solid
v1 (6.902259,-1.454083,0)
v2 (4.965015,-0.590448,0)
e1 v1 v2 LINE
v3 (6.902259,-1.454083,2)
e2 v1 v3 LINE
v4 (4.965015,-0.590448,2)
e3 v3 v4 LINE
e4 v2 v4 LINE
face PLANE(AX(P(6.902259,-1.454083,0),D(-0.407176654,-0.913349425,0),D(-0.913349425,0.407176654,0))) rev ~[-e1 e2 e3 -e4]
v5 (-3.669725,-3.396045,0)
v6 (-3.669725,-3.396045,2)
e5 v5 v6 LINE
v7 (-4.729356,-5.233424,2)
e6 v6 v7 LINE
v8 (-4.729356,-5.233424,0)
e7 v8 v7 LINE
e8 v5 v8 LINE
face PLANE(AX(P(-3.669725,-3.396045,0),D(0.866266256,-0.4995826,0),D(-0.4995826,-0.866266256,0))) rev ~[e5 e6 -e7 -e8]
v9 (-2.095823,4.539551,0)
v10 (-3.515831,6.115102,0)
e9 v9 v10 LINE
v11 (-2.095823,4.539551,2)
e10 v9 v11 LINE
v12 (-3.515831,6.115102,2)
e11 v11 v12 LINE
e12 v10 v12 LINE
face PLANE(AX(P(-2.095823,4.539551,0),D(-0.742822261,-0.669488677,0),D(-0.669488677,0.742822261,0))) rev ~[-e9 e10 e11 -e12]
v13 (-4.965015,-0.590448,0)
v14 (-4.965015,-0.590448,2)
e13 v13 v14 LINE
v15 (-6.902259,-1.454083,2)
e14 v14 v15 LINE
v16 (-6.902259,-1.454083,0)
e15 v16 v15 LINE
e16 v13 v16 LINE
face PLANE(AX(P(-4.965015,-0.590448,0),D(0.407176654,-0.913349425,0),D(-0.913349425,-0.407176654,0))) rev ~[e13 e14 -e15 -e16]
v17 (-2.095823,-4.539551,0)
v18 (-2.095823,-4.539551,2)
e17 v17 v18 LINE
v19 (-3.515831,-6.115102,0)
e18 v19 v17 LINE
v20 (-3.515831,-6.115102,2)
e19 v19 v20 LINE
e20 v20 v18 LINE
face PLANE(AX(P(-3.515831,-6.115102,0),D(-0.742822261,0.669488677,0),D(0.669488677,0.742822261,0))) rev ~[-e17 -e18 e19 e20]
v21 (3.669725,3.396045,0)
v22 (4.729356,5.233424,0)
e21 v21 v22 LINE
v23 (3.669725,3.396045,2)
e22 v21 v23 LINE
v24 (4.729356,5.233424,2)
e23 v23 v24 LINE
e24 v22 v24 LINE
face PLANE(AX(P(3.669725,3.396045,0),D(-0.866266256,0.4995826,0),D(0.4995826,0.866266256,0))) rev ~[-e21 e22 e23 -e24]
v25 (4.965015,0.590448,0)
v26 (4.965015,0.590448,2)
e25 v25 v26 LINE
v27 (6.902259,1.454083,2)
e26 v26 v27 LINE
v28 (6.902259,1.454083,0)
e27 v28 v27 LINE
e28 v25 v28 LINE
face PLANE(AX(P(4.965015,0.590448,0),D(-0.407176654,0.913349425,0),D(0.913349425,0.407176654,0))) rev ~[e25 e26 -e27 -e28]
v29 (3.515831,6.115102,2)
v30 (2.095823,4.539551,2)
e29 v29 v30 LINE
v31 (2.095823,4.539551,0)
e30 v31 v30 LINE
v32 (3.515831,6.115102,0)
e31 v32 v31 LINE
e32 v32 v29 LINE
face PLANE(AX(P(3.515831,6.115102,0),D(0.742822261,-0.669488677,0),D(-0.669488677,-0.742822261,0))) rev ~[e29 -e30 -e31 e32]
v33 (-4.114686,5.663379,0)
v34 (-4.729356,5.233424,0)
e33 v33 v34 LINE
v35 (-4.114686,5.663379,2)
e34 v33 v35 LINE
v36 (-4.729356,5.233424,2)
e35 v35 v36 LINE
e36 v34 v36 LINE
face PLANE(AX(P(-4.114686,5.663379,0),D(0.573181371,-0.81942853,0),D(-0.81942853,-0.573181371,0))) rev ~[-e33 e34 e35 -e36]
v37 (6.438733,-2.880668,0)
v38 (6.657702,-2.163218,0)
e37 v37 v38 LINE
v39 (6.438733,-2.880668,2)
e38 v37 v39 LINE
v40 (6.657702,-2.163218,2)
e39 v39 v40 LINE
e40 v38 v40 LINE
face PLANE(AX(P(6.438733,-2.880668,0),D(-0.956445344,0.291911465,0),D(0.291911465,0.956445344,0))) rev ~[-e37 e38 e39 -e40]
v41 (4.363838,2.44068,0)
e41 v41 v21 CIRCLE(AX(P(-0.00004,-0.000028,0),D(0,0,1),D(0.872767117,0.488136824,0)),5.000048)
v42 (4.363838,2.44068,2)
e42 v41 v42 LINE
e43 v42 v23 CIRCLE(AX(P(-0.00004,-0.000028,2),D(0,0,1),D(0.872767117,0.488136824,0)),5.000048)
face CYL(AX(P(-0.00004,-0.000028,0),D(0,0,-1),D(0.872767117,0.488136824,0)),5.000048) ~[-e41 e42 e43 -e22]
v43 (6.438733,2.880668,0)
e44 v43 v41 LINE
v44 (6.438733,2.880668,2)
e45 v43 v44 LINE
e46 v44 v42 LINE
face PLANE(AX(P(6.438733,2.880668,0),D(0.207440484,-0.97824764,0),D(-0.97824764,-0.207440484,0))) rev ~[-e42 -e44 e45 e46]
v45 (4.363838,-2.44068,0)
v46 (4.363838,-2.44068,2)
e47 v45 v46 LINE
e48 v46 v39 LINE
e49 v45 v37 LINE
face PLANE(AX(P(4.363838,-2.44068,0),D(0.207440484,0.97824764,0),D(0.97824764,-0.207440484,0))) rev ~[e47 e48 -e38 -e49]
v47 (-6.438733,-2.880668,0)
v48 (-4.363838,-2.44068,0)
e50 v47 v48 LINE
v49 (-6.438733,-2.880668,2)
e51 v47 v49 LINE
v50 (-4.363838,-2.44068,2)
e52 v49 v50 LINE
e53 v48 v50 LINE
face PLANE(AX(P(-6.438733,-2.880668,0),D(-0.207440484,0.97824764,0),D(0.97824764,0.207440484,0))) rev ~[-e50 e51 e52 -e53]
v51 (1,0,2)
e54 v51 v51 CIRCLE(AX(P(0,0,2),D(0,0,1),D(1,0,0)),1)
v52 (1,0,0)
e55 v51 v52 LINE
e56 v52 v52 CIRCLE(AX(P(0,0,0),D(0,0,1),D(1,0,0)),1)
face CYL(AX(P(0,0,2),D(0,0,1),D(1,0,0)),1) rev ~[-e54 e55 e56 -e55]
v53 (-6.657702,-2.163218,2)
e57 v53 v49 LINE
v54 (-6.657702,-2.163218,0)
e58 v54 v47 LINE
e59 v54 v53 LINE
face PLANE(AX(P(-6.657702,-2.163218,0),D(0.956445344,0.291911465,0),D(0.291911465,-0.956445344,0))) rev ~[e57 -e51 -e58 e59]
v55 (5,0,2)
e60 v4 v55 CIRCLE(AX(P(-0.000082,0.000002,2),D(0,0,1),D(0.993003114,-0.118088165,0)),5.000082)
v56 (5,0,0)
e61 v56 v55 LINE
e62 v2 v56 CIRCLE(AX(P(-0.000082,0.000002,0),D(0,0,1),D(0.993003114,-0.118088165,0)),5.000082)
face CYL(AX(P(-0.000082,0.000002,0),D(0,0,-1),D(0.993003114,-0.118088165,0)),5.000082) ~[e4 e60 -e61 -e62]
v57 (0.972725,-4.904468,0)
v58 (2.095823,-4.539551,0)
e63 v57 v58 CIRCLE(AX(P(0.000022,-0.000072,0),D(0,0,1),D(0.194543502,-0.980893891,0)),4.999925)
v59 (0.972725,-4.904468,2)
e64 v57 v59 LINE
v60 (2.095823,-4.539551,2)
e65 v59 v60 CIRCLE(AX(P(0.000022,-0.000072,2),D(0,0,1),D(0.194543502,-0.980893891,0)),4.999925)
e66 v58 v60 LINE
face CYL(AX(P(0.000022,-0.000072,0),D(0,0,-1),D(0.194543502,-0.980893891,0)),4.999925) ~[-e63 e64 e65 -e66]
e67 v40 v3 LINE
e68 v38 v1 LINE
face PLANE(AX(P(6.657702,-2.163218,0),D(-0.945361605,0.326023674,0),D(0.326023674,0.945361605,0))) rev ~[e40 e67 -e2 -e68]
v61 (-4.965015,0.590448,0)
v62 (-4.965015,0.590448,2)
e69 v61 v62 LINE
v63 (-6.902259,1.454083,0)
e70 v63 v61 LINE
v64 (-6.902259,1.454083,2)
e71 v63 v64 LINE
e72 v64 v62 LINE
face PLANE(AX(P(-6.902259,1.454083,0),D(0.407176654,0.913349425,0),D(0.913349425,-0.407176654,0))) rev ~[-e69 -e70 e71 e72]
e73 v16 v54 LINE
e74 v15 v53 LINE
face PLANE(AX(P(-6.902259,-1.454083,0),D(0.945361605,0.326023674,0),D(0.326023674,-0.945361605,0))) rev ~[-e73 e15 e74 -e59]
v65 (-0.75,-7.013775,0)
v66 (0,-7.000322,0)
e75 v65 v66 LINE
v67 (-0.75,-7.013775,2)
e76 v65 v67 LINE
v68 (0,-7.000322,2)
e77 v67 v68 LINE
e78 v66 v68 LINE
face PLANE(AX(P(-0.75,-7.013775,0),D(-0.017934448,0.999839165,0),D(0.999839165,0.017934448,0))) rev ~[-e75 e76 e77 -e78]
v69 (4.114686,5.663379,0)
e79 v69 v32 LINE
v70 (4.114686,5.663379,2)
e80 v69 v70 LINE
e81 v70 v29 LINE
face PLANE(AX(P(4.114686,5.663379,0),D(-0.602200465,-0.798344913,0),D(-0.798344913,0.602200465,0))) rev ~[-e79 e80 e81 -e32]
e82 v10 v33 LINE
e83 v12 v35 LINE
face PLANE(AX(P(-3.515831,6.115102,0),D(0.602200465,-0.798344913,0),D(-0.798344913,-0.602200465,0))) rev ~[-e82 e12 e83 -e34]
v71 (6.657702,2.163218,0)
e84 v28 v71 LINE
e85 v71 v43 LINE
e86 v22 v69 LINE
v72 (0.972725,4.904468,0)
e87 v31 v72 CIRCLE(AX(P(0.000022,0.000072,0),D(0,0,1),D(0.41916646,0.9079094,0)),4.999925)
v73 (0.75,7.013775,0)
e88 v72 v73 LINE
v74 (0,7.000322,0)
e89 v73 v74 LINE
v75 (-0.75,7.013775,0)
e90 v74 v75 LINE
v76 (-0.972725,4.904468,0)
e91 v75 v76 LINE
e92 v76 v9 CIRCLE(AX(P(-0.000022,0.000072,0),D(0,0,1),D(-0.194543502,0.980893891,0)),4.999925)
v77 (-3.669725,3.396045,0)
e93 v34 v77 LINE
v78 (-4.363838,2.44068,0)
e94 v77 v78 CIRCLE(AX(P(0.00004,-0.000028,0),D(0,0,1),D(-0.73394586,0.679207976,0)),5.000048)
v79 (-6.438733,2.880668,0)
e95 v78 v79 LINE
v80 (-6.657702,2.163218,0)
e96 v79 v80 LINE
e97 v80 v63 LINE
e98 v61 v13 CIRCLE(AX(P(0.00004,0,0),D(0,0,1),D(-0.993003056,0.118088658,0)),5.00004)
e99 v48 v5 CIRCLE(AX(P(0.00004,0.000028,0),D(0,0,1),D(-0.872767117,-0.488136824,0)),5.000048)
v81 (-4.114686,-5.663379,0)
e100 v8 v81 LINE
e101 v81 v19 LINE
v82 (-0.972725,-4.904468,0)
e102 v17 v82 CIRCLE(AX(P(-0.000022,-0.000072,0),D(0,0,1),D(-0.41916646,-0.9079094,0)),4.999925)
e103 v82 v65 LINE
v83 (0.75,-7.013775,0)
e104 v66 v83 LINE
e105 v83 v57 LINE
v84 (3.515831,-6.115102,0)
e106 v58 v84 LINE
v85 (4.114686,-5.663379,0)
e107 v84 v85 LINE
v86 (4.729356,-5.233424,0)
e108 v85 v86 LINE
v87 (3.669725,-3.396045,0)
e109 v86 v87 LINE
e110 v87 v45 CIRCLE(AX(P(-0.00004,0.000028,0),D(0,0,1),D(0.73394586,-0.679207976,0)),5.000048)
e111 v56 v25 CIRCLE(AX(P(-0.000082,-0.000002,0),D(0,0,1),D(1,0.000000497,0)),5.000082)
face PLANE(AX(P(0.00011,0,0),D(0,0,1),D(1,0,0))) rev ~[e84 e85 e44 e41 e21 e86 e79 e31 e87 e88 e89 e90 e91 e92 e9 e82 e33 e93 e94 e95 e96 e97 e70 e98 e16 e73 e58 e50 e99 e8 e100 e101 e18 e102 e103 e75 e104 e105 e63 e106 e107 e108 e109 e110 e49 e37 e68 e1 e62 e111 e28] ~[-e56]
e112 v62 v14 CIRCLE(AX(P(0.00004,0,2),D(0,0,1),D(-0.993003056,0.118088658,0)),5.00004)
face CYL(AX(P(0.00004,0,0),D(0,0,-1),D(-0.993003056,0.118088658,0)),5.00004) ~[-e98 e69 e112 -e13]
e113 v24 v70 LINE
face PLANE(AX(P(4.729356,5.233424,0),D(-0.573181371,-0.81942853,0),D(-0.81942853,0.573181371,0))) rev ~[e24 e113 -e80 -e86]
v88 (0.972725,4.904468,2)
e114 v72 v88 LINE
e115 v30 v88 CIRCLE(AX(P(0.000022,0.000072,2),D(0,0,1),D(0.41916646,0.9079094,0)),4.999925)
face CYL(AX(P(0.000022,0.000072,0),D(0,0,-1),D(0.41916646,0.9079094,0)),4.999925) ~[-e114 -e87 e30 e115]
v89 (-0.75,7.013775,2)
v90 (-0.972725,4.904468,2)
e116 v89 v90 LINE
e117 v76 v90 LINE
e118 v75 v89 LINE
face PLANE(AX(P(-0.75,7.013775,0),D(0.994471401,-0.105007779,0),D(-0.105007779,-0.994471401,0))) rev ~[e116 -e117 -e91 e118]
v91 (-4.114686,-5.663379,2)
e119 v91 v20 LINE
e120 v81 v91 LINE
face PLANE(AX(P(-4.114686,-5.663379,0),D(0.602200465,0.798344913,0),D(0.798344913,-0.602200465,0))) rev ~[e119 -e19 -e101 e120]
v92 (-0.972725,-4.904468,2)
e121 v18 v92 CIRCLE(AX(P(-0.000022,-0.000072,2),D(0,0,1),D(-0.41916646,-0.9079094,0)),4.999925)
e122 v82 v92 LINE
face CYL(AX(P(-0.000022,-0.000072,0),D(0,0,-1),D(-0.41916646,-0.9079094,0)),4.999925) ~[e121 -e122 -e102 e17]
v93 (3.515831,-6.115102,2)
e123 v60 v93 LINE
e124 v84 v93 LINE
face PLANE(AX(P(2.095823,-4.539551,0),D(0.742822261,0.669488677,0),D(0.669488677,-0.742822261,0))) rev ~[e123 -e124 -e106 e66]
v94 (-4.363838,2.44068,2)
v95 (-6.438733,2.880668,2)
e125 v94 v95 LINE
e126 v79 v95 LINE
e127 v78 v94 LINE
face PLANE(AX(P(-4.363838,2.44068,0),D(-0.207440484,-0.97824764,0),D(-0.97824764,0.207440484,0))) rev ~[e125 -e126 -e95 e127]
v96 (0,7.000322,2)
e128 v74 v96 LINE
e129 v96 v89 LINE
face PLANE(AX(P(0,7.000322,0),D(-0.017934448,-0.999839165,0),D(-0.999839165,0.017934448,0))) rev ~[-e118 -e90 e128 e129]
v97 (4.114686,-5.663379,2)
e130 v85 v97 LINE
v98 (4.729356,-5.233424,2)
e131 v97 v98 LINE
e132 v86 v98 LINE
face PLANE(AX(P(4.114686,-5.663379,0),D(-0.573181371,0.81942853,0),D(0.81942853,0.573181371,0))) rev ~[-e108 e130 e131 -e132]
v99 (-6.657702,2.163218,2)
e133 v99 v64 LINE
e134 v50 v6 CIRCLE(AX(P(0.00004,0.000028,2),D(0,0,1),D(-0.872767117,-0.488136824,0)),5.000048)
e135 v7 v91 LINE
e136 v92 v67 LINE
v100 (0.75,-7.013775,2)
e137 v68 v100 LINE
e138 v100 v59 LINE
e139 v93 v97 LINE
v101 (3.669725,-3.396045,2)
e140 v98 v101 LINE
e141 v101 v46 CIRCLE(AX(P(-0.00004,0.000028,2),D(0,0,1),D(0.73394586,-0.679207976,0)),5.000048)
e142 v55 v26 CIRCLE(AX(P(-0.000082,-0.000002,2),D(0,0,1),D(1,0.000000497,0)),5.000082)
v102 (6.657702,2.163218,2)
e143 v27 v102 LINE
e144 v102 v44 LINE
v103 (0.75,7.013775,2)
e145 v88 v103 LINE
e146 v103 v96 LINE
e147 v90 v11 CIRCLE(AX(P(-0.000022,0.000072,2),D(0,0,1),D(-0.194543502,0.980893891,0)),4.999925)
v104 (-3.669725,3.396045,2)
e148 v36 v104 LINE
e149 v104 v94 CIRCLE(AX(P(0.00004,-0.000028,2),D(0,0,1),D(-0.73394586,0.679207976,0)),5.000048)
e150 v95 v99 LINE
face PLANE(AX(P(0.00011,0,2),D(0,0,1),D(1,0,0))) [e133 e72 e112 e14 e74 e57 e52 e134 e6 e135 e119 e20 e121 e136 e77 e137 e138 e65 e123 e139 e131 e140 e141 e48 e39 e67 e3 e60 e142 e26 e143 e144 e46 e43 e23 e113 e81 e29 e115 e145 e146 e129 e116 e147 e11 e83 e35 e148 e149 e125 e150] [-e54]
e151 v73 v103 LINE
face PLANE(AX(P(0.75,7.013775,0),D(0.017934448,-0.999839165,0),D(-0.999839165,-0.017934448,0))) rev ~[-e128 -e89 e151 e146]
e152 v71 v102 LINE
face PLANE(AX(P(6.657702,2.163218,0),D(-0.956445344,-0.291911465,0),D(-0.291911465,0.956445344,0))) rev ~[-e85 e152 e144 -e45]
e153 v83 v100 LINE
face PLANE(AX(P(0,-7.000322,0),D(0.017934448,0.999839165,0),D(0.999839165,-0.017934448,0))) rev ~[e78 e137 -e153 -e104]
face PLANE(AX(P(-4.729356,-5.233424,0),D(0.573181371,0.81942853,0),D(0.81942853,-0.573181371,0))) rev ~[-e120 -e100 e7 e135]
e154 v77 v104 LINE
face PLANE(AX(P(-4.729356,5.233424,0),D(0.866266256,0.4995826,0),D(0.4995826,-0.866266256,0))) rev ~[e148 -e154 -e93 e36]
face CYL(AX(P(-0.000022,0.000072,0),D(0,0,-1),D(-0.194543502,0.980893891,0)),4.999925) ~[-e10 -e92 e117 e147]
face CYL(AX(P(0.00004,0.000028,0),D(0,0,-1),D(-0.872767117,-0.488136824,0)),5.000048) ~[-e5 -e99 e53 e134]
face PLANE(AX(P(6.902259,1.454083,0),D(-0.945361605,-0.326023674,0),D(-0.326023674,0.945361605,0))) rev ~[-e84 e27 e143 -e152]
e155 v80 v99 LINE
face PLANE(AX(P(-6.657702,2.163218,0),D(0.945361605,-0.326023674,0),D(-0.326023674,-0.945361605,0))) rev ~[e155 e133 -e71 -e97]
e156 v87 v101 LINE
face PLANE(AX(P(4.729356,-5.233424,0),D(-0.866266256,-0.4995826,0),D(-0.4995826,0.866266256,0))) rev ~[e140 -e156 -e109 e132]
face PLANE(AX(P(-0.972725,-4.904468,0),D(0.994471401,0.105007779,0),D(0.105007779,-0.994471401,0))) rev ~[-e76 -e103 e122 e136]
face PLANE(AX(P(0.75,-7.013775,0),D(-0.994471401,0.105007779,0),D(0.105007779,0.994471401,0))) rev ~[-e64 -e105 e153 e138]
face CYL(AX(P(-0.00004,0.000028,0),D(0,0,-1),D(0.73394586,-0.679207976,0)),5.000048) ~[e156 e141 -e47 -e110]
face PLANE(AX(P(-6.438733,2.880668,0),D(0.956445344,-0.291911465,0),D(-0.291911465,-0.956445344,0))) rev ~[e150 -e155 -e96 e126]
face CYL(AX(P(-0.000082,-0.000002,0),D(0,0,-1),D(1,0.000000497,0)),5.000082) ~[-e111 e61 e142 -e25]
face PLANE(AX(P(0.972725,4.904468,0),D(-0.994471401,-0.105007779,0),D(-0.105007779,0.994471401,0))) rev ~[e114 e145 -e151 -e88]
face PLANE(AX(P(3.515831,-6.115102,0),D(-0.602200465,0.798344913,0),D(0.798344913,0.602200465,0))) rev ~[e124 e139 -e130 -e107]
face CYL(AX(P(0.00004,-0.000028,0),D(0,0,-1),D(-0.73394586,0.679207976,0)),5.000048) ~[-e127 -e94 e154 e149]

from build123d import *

# Parameters (mm, degrees)
F1_DEPTH = 2
F2_R     = 1
F3_DEPTH = 2.001


with BuildPart() as f1:
    # F0 (on Top) → F1 (new body)
    with BuildSketch(Plane.XY):
        with BuildLine():
            ThreePointArc((4.965015, -0.590448), (4.991246, -0.295742), (5, 0))
            ThreePointArc((5, 0), (4.991246, 0.295742), (4.965015, 0.590448))
            ThreePointArc((4.965015, 0.590448), (4.755283, 1.545085), (4.363838, 2.44068))
            ThreePointArc((4.363838, 2.44068), (4.045085, 2.938926), (3.669725, 3.396045))
            ThreePointArc((3.669725, 3.396045), (2.938926, 4.045085), (2.095823, 4.539551))
            ThreePointArc((2.095823, 4.539551), (1.545085, 4.755283), (0.972725, 4.904468))
            ThreePointArc((0.972725, 4.904468), (0, 5), (-0.972725, 4.904468))
            ThreePointArc((-0.972725, 4.904468), (-1.545085, 4.755283), (-2.095823, 4.539551))
            ThreePointArc((-2.095823, 4.539551), (-2.938926, 4.045085), (-3.669725, 3.396045))
            ThreePointArc((-3.669725, 3.396045), (-4.045085, 2.938926), (-4.363838, 2.44068))
            ThreePointArc((-4.363838, 2.44068), (-4.755283, 1.545085), (-4.965015, 0.590448))
            ThreePointArc((-4.965015, 0.590448), (-5, 0), (-4.965015, -0.590448))
            ThreePointArc((-4.965015, -0.590448), (-4.755283, -1.545085), (-4.363838, -2.44068))
            ThreePointArc((-4.363838, -2.44068), (-4.045085, -2.938926), (-3.669725, -3.396045))
            ThreePointArc((-3.669725, -3.396045), (-2.938926, -4.045085), (-2.095823, -4.539551))
            ThreePointArc((-2.095823, -4.539551), (-1.545085, -4.755283), (-0.972725, -4.904468))
            ThreePointArc((-0.972725, -4.904468), (0, -5), (0.972725, -4.904468))
            ThreePointArc((0.972725, -4.904468), (1.545085, -4.755283), (2.095823, -4.539551))
            ThreePointArc((2.095823, -4.539551), (2.938926, -4.045085), (3.669725, -3.396045))
            ThreePointArc((3.669725, -3.396045), (4.045085, -2.938926), (4.363838, -2.44068))
            ThreePointArc((4.363838, -2.44068), (4.755283, -1.545085), (4.965015, -0.590448))
        make_face()
        with BuildLine():
            ThreePointArc((4.363838, 2.44068), (4.755283, 1.545085), (4.965015, 0.590448))
            Line((4.965015, 0.590448), (6.902259, 1.454083))
            Line((6.902259, 1.454083), (6.657702, 2.163218))
            Line((6.657702, 2.163218), (6.438733, 2.880668))
            Line((6.438733, 2.880668), (4.363838, 2.44068))
        make_face()
        with BuildLine():
            Line((6.902259, -1.454083), (4.965015, -0.590448))
            ThreePointArc((4.965015, -0.590448), (4.755283, -1.545085), (4.363838, -2.44068))
            Line((4.363838, -2.44068), (6.438733, -2.880668))
            Line((6.438733, -2.880668), (6.657702, -2.163218))
            Line((6.657702, -2.163218), (6.902259, -1.454083))
        make_face()
        with BuildLine():
            ThreePointArc((2.095823, 4.539551), (2.938926, 4.045085), (3.669725, 3.396045))
            Line((3.669725, 3.396045), (4.729356, 5.233424))
            Line((4.729356, 5.233424), (4.114686, 5.663379))
            Line((4.114686, 5.663379), (3.515831, 6.115102))
            Line((3.515831, 6.115102), (2.095823, 4.539551))
        make_face()
        with BuildLine():
            Line((4.729356, -5.233424), (3.669725, -3.396045))
            ThreePointArc((3.669725, -3.396045), (2.938926, -4.045085), (2.095823, -4.539551))
            Line((2.095823, -4.539551), (3.515831, -6.115102))
            Line((3.515831, -6.115102), (4.114686, -5.663379))
            Line((4.114686, -5.663379), (4.729356, -5.233424))
        make_face()
        with BuildLine():
            ThreePointArc((-0.972725, 4.904468), (0, 5), (0.972725, 4.904468))
            Line((0.972725, 4.904468), (0.75, 7.013775))
            Line((0.75, 7.013775), (0, 7.000322))
            Line((0, 7.000322), (-0.75, 7.013775))
            Line((-0.75, 7.013775), (-0.972725, 4.904468))
        make_face()
        with BuildLine():
            Line((0.75, -7.013775), (0.972725, -4.904468))
            ThreePointArc((0.972725, -4.904468), (0, -5), (-0.972725, -4.904468))
            Line((-0.972725, -4.904468), (-0.75, -7.013775))
            Line((-0.75, -7.013775), (0, -7.000322))
            Line((0, -7.000322), (0.75, -7.013775))
        make_face()
        with BuildLine():
            ThreePointArc((-3.669725, 3.396045), (-2.938926, 4.045085), (-2.095823, 4.539551))
            Line((-2.095823, 4.539551), (-3.515831, 6.115102))
            Line((-3.515831, 6.115102), (-4.114686, 5.663379))
            Line((-4.114686, 5.663379), (-4.729356, 5.233424))
            Line((-4.729356, 5.233424), (-3.669725, 3.396045))
        make_face()
        with BuildLine():
            Line((-3.515831, -6.115102), (-2.095823, -4.539551))
            ThreePointArc((-2.095823, -4.539551), (-2.938926, -4.045085), (-3.669725, -3.396045))
            Line((-3.669725, -3.396045), (-4.729356, -5.233424))
            Line((-4.729356, -5.233424), (-4.114686, -5.663379))
            Line((-4.114686, -5.663379), (-3.515831, -6.115102))
        make_face()
        with BuildLine():
            ThreePointArc((-4.965015, 0.590448), (-4.755283, 1.545085), (-4.363838, 2.44068))
            Line((-4.363838, 2.44068), (-6.438733, 2.880668))
            Line((-6.438733, 2.880668), (-6.657702, 2.163218))
            Line((-6.657702, 2.163218), (-6.902259, 1.454083))
            Line((-6.902259, 1.454083), (-4.965015, 0.590448))
        make_face()
        with BuildLine():
            Line((-6.438733, -2.880668), (-4.363838, -2.44068))
            ThreePointArc((-4.363838, -2.44068), (-4.755283, -1.545085), (-4.965015, -0.590448))
            Line((-4.965015, -0.590448), (-6.902259, -1.454083))
            Line((-6.902259, -1.454083), (-6.657702, -2.163218))
            Line((-6.657702, -2.163218), (-6.438733, -2.880668))
        make_face()
    extrude(amount=F1_DEPTH)

    # F2 (on face) → F3 (cut, through all)
    with BuildSketch(Plane.XY.offset(2)):
        Circle(F2_R)
    extrude(amount=-F3_DEPTH, mode=Mode.SUBTRACT)


solid = f1.part
